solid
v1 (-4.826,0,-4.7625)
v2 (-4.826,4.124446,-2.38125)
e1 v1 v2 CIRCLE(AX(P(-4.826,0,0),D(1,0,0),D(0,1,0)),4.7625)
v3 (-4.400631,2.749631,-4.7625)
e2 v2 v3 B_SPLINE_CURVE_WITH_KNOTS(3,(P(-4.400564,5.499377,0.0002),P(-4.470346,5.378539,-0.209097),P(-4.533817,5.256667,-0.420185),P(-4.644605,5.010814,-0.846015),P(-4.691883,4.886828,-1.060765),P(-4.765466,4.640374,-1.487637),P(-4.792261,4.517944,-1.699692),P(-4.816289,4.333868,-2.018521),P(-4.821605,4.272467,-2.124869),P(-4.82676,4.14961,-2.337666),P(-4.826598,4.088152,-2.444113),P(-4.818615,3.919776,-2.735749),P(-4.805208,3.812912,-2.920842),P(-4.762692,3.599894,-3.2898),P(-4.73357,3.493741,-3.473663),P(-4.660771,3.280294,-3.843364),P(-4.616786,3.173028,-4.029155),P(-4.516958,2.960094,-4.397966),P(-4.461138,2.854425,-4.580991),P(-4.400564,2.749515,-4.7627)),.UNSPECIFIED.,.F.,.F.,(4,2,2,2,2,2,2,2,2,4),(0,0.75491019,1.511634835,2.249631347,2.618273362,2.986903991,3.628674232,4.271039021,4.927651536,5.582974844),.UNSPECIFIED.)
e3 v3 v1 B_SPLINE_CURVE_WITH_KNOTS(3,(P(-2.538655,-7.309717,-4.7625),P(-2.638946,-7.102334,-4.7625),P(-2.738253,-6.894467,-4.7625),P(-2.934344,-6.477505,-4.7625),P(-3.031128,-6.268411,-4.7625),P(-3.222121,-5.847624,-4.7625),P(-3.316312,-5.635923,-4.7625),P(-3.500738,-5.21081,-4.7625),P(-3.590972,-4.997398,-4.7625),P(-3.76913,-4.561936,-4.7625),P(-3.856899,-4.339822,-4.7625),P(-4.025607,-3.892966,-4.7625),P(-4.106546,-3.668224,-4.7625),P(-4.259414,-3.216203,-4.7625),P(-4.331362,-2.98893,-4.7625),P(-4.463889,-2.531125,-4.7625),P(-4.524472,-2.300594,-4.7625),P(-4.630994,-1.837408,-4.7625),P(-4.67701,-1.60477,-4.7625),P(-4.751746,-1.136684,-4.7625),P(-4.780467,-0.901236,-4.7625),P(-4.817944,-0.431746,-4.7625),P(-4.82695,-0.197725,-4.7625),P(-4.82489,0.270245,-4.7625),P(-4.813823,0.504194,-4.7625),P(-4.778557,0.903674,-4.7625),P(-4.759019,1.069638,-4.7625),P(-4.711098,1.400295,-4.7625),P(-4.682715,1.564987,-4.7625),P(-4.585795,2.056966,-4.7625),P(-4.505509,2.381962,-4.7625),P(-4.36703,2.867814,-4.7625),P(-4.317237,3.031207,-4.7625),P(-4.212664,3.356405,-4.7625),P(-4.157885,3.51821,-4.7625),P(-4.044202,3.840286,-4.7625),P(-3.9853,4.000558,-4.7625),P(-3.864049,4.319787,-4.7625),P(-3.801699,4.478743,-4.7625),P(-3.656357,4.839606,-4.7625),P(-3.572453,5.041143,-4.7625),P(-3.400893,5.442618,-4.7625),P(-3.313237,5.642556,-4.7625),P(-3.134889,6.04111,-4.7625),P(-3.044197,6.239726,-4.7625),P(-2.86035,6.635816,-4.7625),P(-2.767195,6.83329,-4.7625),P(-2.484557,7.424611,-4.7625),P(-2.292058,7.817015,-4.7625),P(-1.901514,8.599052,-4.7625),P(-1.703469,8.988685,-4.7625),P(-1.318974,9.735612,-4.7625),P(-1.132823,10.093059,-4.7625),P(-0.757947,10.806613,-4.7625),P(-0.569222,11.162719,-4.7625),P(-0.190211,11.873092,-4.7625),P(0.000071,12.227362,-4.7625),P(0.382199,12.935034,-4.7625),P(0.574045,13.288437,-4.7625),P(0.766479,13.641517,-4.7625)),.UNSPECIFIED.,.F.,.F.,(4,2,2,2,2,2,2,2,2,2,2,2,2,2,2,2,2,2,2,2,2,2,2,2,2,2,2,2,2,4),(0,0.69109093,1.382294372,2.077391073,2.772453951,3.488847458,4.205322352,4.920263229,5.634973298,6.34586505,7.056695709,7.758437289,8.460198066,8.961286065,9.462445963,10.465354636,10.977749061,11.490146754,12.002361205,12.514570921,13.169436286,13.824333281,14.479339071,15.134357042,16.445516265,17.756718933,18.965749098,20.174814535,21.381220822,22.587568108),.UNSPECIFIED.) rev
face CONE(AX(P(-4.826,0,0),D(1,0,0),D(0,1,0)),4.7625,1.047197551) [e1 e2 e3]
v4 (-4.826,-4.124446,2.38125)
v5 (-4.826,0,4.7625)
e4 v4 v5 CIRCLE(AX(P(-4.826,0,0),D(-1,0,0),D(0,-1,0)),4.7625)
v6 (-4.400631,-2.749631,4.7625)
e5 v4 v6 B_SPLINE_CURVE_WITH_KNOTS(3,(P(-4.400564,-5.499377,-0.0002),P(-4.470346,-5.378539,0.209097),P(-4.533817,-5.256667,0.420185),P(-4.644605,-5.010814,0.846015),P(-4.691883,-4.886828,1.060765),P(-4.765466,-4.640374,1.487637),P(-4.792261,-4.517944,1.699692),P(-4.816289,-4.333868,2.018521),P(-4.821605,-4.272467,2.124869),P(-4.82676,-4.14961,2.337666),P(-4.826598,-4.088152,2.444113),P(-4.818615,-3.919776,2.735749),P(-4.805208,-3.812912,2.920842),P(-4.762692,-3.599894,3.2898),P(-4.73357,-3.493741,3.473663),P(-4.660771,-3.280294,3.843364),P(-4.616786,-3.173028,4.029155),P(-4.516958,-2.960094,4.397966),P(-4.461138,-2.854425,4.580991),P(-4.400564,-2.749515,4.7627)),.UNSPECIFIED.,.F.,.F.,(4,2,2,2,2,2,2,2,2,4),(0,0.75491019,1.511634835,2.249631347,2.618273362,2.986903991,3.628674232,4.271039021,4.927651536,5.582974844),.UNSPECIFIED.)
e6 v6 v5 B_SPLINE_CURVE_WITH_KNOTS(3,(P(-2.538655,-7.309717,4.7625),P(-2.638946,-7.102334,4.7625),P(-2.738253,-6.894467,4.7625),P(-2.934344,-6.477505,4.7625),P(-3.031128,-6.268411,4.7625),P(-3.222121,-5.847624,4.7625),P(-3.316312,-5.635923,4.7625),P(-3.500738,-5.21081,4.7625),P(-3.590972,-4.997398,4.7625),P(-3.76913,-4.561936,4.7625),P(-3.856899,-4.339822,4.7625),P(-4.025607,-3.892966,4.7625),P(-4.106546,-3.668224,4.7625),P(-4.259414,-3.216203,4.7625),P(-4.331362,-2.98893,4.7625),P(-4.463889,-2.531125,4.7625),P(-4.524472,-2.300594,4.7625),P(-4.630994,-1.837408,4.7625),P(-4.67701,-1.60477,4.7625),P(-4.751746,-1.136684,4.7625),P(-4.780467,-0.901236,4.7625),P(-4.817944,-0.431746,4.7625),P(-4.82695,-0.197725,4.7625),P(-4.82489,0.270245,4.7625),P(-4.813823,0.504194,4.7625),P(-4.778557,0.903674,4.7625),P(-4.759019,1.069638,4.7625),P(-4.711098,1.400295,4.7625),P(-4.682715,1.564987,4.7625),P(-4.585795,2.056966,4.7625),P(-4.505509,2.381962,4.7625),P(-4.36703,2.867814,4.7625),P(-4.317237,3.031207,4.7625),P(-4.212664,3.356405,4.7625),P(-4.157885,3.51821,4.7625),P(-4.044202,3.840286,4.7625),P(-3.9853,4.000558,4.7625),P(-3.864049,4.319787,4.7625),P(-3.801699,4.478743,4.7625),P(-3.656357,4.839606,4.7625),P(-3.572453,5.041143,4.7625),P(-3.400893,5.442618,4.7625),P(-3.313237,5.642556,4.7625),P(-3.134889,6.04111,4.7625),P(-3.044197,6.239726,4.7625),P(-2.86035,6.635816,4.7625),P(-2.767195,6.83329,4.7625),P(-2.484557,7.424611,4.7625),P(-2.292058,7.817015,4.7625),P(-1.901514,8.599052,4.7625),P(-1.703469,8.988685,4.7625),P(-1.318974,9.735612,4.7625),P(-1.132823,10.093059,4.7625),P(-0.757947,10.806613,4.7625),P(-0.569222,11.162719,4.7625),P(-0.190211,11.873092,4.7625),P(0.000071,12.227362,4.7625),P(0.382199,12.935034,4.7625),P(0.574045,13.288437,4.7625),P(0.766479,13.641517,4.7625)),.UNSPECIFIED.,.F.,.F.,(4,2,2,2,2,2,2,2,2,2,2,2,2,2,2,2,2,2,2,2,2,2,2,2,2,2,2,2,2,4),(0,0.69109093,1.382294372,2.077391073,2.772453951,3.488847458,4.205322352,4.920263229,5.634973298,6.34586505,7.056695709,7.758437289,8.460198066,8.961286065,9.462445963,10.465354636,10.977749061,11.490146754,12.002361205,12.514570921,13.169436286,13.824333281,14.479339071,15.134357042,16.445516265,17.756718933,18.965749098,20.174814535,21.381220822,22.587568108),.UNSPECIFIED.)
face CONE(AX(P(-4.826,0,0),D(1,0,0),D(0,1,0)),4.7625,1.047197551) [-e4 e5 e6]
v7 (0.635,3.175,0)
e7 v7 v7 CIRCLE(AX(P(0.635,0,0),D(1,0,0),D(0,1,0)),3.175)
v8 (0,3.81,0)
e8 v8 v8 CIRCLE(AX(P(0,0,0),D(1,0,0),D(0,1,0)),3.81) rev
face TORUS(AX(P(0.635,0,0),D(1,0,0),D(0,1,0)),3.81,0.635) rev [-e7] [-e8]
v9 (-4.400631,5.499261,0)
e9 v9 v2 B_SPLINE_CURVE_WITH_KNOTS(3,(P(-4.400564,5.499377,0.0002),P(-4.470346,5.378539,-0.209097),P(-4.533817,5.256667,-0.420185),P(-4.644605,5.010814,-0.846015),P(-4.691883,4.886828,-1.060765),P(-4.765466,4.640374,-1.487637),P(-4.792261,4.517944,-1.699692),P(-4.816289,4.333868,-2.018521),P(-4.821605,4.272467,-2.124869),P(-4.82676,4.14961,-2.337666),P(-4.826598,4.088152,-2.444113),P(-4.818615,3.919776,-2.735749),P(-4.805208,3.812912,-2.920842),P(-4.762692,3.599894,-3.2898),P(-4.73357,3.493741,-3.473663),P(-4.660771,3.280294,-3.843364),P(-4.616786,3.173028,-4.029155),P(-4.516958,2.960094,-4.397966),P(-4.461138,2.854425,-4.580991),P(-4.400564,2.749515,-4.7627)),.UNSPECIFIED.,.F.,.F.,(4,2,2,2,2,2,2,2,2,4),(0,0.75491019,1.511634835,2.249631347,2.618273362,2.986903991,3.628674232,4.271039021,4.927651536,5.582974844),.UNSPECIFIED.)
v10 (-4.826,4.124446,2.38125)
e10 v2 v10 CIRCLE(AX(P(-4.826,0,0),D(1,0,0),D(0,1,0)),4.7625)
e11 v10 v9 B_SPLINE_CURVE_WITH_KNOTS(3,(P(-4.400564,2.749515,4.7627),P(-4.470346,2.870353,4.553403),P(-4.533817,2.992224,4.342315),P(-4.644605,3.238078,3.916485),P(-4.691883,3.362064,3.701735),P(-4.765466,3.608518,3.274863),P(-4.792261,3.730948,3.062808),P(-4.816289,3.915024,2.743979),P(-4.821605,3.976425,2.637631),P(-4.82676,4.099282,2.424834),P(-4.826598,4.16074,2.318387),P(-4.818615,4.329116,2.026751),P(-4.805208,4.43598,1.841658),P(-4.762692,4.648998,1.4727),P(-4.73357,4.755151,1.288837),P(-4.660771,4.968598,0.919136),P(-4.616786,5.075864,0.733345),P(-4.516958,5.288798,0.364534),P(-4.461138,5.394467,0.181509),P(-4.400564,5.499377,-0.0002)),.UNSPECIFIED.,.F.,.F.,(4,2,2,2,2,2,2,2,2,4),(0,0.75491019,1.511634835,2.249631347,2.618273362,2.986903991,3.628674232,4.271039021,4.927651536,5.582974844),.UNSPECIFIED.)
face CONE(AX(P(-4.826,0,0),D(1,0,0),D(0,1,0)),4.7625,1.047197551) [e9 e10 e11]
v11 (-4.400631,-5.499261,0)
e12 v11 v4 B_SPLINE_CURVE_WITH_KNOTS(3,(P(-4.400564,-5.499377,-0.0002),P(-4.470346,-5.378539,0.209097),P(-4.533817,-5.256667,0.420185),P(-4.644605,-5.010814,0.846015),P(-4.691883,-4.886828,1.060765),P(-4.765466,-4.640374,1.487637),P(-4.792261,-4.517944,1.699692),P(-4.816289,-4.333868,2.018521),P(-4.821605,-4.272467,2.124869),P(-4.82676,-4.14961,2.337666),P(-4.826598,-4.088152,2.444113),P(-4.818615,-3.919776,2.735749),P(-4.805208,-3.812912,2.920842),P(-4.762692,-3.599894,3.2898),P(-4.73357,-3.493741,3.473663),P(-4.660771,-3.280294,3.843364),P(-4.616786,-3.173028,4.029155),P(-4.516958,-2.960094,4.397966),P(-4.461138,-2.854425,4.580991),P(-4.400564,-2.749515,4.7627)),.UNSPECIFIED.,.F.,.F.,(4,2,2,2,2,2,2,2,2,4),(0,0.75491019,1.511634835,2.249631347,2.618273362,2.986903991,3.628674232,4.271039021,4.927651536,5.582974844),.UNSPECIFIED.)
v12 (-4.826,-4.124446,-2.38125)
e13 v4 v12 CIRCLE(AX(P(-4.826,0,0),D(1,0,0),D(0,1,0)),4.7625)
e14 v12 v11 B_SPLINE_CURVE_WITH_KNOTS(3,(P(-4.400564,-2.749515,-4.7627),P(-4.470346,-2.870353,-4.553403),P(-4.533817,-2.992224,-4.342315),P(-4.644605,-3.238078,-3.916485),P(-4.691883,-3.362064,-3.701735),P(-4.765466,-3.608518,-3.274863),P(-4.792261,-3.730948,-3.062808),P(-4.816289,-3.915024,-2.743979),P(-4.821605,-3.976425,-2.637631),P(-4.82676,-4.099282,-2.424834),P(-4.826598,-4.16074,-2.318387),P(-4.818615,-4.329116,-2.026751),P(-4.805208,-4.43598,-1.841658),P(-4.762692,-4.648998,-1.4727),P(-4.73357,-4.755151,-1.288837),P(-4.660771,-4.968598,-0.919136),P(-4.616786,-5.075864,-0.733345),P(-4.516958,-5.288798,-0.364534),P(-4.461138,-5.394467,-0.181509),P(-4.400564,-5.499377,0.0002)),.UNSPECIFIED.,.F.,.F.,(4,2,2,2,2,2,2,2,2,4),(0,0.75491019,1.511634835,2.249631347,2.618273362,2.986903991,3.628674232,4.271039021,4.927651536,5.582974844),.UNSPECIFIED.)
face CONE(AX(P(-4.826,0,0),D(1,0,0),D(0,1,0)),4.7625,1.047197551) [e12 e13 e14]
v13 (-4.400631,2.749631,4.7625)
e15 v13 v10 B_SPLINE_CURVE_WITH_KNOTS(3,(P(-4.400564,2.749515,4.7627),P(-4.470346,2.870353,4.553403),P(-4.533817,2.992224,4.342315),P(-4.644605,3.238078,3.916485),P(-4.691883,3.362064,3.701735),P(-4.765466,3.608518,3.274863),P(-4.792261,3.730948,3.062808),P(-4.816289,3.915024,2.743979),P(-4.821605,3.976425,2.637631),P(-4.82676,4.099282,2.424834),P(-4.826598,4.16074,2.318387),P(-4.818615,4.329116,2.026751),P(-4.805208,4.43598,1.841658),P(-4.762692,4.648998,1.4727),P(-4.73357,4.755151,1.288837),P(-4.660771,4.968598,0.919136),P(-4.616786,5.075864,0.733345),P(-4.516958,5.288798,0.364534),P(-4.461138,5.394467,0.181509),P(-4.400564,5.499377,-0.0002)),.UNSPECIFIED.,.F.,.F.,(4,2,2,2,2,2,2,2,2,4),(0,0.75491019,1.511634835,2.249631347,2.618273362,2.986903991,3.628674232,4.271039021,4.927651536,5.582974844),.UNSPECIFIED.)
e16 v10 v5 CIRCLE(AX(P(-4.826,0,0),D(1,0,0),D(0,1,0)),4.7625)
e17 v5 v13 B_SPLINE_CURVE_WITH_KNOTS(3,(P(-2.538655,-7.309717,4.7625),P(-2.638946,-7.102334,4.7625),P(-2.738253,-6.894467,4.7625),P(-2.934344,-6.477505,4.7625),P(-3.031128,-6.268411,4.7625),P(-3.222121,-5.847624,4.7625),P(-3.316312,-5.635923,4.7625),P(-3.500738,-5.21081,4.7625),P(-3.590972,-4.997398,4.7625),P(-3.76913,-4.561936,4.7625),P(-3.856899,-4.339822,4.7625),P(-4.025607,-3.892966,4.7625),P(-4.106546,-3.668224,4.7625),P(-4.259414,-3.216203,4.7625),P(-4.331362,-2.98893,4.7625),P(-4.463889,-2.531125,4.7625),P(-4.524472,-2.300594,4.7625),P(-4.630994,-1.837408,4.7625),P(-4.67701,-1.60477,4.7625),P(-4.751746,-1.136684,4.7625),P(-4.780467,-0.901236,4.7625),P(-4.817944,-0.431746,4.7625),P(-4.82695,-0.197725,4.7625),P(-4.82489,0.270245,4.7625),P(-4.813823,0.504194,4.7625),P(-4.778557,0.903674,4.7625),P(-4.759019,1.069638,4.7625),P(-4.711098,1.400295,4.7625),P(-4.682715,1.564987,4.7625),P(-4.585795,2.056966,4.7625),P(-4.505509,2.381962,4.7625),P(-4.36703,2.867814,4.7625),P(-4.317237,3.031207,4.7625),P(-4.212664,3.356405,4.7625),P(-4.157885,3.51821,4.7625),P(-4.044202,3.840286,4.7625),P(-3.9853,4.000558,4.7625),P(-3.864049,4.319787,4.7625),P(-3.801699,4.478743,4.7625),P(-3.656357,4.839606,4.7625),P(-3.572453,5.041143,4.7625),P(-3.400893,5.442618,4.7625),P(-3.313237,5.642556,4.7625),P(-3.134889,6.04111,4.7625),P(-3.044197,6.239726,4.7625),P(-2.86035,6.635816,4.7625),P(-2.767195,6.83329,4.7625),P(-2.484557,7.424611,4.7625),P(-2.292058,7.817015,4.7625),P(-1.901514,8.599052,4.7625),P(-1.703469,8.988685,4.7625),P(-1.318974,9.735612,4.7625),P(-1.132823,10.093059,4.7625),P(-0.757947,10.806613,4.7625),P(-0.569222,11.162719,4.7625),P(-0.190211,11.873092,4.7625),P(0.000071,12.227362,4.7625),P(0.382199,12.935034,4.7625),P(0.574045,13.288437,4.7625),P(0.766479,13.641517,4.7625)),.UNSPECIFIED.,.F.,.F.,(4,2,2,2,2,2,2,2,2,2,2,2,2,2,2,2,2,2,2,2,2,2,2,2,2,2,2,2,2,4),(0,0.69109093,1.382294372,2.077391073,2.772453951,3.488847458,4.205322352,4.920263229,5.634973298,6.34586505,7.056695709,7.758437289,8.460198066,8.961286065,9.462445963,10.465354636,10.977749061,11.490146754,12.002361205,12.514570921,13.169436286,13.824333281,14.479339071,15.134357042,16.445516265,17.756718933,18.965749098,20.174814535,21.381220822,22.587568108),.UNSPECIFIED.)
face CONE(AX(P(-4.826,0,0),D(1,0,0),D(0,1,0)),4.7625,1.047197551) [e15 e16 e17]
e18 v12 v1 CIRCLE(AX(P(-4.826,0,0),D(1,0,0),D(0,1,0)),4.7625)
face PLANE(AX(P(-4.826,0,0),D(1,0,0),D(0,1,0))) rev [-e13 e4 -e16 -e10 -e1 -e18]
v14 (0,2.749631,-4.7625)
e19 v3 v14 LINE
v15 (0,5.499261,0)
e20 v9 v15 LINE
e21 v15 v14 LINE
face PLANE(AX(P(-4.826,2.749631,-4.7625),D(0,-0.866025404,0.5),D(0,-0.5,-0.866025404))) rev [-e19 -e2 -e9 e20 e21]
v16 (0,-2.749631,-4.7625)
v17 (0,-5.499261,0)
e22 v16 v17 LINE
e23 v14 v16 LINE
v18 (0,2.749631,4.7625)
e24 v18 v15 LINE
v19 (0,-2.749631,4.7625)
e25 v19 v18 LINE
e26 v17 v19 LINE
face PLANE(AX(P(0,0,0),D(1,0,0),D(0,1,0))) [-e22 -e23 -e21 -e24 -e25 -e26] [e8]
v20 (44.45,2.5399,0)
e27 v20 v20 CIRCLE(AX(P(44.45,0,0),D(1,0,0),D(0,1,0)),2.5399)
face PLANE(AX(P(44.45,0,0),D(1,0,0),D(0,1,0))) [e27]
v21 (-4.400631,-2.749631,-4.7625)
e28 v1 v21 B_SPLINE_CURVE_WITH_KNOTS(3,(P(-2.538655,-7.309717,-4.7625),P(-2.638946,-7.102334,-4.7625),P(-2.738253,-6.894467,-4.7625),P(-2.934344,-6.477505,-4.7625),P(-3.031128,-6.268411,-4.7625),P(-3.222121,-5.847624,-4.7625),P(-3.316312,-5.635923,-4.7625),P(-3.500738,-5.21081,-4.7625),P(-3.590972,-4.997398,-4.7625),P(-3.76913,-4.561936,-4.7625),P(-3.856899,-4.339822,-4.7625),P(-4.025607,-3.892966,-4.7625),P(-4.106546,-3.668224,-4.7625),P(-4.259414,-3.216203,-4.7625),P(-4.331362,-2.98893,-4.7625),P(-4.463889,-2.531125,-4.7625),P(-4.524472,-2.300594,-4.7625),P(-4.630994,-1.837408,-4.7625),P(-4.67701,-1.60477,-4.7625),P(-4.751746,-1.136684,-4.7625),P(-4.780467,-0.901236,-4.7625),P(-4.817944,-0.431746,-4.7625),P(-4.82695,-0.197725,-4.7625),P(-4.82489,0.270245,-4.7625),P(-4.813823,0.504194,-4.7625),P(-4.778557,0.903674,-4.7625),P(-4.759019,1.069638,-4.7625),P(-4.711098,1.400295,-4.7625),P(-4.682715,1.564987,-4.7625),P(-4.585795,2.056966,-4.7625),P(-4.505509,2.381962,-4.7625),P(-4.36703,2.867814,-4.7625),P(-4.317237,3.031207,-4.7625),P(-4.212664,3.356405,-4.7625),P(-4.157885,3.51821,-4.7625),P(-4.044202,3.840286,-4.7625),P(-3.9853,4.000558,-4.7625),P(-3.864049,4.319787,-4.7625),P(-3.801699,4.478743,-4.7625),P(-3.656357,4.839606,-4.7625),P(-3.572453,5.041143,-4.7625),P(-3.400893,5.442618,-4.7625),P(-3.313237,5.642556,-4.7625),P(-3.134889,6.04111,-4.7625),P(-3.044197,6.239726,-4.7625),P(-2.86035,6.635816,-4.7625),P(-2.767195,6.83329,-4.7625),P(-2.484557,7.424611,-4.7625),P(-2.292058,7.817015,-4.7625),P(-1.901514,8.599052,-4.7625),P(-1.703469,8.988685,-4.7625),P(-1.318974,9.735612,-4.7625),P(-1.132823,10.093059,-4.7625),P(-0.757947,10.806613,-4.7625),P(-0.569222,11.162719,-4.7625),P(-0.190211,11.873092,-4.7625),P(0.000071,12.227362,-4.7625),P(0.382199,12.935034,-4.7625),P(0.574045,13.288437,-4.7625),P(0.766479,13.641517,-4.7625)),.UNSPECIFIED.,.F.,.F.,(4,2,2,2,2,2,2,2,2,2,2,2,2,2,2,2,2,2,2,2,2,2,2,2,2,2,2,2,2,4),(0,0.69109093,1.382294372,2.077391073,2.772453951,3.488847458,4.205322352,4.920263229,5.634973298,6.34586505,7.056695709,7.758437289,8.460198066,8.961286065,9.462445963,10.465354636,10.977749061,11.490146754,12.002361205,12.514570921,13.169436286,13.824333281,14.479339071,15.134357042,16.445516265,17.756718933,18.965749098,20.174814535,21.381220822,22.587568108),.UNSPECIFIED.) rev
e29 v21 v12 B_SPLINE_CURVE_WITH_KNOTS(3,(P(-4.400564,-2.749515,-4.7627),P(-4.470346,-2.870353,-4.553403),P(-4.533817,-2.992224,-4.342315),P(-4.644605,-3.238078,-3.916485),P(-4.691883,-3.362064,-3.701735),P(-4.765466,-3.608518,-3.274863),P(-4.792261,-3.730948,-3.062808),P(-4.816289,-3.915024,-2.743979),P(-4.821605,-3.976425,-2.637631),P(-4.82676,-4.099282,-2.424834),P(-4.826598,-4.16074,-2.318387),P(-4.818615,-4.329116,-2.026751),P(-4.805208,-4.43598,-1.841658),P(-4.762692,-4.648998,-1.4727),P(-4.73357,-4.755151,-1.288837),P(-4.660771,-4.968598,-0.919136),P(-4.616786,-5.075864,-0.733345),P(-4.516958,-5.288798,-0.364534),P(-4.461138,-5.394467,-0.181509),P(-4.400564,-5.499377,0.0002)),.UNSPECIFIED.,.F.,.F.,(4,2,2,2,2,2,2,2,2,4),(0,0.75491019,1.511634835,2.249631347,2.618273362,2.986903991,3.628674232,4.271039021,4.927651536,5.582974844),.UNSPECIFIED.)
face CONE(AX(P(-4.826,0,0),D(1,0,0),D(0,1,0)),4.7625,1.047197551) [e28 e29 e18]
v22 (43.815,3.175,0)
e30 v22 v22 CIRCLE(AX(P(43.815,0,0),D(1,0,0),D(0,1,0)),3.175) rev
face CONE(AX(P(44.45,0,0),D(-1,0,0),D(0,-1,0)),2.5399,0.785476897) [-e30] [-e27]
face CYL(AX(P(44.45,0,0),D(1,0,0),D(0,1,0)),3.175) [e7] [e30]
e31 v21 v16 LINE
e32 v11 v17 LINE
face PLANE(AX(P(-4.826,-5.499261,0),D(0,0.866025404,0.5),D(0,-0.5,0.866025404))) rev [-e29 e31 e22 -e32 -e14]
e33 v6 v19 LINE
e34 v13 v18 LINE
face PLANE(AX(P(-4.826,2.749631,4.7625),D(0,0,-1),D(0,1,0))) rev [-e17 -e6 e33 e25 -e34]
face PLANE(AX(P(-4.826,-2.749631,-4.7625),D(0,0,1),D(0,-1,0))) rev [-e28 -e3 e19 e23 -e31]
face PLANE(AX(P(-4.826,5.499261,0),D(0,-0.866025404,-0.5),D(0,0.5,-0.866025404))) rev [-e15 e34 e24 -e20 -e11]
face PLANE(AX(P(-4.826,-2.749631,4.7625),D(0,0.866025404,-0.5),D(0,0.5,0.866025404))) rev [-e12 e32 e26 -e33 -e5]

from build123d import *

# Parameters (mm, degrees)
SKETCH1_W      = 44.45
SKETCH1_H      = 3.175
HEAD_DEPTH     = 4.826
CHAMFER2_SIZE  = 0.635
CHAMFER2_SIZE2 = 0.6351
FILLET_2_R     = 0.635


with BuildPart() as part:
    # Sketch1 → Body (revolve)
    with BuildSketch(Plane.XY):
        with Locations((22.225, 1.5875)):
            Rectangle(SKETCH1_W, SKETCH1_H)
    revolve(axis=Axis((44.45, 0, 0), (-1, 0, 0)))

    # Sketch2 → Head (add)
    with BuildSketch(Plane.ZY):
        Polygon((0, 5.499261314), (4.7625, 2.749630657), (4.7625, -2.749630657), (0, -5.499261314), (-4.7625, -2.749630657), (-4.7625, 2.749630657), align=None)
    extrude(amount=HEAD_DEPTH)

    # Sketch3 → Thread (revolve, cut)
    with BuildSketch(Plane.XY):
        Polygon((-4.826, 4.7625), (-4.276073869, 5.715), (-4.826, 5.715), align=None)
    revolve(axis=Axis((-1.1, 0, 0), (1, 0, 0)), mode=Mode.SUBTRACT)

    # Chamfer2
    chamfer2_edges = [part.edges().sort_by_distance(p)[0] for p in [
        (44.45, -3.175, 0),
    ]]
    chamfer2_side = [part.faces().sort_by_distance(p)[0] for p in [
        (22.225, -3.175, 0),
    ]]
    chamfer(chamfer2_edges, length=CHAMFER2_SIZE, length2=CHAMFER2_SIZE2, reference=chamfer2_side[0])

    # Fillet 2
    fillet_2_edges = [part.edges().sort_by_distance(p)[0] for p in [
        (0, -3.175, 0),
    ]]
    fillet(fillet_2_edges, radius=FILLET_2_R)


solid = part.part
